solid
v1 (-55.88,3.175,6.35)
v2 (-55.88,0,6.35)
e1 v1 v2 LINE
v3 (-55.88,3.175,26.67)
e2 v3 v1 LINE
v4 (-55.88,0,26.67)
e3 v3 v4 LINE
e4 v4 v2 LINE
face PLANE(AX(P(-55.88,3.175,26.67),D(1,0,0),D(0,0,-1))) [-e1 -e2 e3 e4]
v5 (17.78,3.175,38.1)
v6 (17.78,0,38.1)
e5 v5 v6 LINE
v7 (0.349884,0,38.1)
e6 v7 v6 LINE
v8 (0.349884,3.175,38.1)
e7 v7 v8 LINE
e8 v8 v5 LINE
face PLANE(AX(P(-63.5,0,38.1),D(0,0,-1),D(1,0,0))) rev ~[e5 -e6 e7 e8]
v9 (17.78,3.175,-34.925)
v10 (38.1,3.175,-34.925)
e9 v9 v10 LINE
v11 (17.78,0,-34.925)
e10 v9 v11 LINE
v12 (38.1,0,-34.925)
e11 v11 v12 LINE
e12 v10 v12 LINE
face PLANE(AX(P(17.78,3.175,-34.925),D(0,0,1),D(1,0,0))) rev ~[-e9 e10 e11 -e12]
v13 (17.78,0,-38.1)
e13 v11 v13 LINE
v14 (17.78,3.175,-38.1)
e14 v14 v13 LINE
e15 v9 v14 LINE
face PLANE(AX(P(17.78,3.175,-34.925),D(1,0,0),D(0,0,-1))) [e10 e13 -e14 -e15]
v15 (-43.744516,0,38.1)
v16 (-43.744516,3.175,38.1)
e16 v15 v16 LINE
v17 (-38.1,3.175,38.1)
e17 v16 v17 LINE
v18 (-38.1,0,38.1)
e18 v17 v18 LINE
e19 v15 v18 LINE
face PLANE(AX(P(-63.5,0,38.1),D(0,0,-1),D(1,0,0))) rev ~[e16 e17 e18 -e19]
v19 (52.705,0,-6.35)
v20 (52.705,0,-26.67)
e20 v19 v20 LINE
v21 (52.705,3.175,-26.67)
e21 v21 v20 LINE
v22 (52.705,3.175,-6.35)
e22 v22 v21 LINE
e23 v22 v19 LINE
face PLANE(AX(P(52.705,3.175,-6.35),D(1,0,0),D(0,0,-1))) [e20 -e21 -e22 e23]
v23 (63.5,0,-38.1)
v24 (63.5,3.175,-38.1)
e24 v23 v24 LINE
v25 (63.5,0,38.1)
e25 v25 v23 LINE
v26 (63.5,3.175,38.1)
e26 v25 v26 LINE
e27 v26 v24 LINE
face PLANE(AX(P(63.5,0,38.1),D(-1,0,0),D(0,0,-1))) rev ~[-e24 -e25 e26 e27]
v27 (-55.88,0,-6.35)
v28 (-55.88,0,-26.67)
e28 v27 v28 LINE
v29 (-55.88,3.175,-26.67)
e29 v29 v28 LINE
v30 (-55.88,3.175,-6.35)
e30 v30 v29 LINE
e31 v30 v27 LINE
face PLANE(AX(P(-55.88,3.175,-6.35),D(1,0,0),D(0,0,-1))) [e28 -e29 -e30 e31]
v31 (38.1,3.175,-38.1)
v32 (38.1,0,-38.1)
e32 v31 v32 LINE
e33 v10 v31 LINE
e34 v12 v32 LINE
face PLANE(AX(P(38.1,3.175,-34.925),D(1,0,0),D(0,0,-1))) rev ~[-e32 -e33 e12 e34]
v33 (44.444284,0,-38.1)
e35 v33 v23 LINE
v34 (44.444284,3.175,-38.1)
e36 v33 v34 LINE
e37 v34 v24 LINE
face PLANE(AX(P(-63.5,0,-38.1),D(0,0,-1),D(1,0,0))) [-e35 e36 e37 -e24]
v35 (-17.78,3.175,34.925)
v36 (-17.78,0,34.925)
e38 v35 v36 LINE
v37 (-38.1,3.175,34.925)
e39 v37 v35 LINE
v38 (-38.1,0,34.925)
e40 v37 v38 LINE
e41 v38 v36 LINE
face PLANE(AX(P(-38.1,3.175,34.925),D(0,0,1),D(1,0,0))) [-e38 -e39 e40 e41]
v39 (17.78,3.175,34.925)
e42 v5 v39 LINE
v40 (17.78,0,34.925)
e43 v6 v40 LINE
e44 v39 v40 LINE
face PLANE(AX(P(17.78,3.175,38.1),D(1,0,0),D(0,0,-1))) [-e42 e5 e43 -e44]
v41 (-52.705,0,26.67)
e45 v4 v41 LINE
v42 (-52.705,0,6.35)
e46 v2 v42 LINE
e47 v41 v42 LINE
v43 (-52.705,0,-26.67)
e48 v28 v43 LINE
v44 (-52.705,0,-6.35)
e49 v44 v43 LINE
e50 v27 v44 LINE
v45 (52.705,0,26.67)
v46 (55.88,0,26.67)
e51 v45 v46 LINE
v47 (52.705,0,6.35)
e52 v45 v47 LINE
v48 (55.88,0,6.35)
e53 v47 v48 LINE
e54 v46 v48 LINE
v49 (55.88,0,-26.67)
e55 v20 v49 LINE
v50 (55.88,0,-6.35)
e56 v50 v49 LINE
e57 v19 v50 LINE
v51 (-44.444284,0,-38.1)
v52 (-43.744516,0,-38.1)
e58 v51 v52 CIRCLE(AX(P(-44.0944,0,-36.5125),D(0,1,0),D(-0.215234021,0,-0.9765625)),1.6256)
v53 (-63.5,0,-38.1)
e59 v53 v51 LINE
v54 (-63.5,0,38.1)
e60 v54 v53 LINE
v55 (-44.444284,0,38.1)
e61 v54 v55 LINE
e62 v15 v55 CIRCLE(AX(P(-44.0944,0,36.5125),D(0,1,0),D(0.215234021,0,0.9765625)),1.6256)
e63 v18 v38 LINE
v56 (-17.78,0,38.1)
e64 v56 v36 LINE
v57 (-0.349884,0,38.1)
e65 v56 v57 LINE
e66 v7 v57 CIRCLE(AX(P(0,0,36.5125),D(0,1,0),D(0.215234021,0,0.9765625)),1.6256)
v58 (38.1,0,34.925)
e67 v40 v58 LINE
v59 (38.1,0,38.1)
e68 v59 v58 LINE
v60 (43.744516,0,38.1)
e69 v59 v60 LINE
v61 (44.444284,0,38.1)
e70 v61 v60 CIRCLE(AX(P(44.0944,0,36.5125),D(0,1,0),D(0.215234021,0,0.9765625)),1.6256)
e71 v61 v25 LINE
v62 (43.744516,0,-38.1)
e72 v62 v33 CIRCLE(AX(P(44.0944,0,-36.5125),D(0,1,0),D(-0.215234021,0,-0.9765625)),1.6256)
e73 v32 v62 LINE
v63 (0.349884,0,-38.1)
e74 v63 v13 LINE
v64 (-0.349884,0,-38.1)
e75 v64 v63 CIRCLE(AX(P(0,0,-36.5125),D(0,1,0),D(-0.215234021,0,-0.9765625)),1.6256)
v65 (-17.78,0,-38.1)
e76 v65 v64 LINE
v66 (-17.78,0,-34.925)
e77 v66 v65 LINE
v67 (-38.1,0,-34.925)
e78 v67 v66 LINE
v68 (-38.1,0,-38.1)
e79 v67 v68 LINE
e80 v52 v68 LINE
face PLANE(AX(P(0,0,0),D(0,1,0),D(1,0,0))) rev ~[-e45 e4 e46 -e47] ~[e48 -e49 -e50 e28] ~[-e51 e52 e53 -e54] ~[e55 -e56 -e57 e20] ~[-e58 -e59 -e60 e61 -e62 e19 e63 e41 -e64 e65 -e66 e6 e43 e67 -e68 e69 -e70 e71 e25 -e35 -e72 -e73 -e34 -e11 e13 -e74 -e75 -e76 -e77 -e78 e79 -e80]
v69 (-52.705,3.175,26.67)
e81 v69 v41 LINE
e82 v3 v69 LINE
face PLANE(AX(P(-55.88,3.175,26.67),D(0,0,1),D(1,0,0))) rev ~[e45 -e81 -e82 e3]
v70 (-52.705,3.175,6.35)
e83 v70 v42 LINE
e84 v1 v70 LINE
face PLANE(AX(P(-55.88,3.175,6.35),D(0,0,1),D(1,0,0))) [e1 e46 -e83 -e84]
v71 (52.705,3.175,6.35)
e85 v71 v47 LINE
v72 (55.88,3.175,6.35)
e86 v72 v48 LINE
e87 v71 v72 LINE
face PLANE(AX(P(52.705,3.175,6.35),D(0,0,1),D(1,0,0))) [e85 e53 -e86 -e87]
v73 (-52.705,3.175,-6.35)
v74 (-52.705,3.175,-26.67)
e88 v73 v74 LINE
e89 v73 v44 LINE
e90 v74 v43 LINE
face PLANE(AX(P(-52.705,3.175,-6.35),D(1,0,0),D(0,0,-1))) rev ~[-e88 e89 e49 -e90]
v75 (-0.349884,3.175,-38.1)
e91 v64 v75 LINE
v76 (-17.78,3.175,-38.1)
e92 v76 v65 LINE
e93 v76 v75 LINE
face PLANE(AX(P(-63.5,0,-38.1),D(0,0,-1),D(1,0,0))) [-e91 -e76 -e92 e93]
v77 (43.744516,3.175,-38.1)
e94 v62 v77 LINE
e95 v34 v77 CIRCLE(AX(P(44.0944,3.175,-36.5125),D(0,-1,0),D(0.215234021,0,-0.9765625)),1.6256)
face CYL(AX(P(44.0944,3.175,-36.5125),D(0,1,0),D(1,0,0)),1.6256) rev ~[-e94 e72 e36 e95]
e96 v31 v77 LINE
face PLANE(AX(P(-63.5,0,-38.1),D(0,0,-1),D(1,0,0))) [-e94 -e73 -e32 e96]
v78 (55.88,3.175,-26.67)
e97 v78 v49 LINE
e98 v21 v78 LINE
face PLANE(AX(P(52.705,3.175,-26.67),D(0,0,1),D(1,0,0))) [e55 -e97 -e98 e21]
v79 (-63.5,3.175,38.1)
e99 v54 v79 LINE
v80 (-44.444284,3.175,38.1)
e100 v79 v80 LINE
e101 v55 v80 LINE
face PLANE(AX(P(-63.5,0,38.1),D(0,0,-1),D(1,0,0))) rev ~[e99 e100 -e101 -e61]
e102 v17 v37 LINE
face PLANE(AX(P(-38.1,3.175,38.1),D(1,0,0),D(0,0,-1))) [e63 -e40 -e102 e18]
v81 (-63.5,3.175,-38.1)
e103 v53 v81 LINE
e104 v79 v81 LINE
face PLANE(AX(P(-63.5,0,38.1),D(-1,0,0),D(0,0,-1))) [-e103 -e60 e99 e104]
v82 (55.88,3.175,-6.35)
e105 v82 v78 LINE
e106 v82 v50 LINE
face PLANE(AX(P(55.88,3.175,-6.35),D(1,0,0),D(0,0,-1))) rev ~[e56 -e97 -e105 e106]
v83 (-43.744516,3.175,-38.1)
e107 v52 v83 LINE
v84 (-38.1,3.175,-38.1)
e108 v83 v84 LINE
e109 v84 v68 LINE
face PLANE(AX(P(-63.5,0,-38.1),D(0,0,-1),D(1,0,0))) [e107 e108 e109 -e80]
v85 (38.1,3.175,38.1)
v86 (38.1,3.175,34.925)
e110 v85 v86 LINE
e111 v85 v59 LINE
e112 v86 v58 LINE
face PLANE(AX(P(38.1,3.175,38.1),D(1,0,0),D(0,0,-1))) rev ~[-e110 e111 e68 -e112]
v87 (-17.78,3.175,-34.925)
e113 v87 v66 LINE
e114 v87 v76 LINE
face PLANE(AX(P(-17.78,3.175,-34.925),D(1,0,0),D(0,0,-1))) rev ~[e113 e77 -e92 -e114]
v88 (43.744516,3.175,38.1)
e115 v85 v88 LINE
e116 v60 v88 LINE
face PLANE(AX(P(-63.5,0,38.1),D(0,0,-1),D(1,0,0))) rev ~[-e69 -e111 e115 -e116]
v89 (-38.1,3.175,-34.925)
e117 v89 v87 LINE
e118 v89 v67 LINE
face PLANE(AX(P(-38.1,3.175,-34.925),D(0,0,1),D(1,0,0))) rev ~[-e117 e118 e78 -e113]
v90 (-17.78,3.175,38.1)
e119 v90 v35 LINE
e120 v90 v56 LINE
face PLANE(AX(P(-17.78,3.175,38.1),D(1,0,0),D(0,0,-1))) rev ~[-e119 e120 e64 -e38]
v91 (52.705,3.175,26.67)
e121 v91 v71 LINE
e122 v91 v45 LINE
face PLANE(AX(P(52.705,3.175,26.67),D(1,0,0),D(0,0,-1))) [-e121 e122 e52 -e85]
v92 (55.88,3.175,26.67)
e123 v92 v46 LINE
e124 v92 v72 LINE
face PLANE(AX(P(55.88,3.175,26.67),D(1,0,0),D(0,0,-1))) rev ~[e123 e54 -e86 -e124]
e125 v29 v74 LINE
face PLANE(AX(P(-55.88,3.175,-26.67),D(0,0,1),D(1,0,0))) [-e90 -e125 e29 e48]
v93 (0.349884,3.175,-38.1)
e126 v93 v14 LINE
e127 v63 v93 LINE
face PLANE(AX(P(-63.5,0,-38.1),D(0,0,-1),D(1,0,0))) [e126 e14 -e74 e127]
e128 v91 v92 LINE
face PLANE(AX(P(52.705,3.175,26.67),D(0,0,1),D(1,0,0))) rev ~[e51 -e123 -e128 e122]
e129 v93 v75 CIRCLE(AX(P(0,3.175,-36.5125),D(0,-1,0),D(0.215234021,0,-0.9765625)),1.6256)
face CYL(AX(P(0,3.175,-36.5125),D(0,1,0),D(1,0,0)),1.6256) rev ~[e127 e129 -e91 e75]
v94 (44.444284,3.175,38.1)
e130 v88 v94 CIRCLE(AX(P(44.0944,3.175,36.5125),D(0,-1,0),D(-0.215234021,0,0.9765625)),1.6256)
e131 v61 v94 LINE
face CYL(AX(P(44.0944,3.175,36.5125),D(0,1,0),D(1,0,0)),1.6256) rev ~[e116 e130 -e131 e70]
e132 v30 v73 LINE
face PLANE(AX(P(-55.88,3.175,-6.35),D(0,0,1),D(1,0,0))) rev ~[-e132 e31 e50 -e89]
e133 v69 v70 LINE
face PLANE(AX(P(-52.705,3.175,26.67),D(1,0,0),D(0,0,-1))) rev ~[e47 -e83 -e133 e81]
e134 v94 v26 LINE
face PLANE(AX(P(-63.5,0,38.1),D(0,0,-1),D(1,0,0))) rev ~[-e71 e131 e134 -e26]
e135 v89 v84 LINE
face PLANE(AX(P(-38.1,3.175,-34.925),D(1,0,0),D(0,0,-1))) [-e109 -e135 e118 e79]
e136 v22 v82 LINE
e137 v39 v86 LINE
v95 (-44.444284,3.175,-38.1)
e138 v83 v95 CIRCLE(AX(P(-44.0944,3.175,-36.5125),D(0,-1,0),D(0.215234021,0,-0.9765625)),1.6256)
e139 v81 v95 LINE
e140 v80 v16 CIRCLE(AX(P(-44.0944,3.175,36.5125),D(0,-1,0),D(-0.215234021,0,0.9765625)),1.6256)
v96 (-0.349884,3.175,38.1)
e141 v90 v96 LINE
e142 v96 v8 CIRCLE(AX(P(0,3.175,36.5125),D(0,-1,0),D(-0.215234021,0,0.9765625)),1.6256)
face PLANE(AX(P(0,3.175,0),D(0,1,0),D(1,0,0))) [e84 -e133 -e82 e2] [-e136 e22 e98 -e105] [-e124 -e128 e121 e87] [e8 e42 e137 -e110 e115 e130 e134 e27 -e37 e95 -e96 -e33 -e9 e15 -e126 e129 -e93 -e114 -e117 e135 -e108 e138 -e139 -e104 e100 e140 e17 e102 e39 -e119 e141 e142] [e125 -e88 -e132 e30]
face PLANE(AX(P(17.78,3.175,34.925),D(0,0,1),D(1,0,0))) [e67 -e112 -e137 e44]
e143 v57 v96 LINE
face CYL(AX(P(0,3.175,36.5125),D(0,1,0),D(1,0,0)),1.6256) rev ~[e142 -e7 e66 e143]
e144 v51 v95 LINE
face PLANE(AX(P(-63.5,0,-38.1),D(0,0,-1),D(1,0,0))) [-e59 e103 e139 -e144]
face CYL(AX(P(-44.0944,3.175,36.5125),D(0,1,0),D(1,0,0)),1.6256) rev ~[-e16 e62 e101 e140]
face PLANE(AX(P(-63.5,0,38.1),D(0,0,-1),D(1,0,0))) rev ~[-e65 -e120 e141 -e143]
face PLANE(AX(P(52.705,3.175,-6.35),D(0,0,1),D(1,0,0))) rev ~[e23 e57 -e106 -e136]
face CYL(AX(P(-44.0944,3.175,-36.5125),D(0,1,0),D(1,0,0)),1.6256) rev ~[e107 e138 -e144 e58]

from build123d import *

# Parameters (mm, degrees)
SKETCH1_W           = 127
SKETCH1_H           = 76.2
BOSS_EXTRUDE1_DEPTH = 3.175
SKETCH2_W           = 3.175
SKETCH2_H           = 20.32
CUT_EXTRUDE1_DEPTH  = 3.175
SKETCH3_W           = 20.32
SKETCH3_H           = 3.175
CUT_EXTRUDE2_DEPTH  = 3.175
SKETCH4_R           = 1.6256
CUT_EXTRUDE3_DEPTH  = 3.175


with BuildPart() as part:
    # Sketch1 → Boss-Extrude1 (new body)
    with BuildSketch(Plane(origin=(0, 0, 0), x_dir=(1, 0, 0), z_dir=(0, 1, 0))):
        Rectangle(SKETCH1_W, SKETCH1_H)
    extrude(amount=BOSS_EXTRUDE1_DEPTH)

    # Sketch2 → Cut-Extrude1 (cut)
    with BuildSketch(Plane(origin=(0, 3.175, 0), x_dir=(1, 0, 0), z_dir=(0, 1, 0))):
        with Locations((-54.2925, 16.51)):
            Rectangle(SKETCH2_W, SKETCH2_H)
        with Locations((-54.2925, -16.51)):
            Rectangle(SKETCH2_W, SKETCH2_H)
        with Locations((54.2925, -16.51)):
            Rectangle(SKETCH2_W, SKETCH2_H)
        with Locations((54.2925, 16.51)):
            Rectangle(SKETCH2_W, SKETCH2_H)
    extrude(amount=-CUT_EXTRUDE1_DEPTH, mode=Mode.SUBTRACT)

    # Sketch3 → Cut-Extrude2 (cut)
    with BuildSketch(Plane(origin=(0, 3.175, 0), x_dir=(1, 0, 0), z_dir=(0, 1, 0))):
        with Locations((-27.94, 36.5125)):
            Rectangle(SKETCH3_W, SKETCH3_H)
        with Locations((27.94, 36.5125)):
            Rectangle(SKETCH3_W, SKETCH3_H)
        with Locations((27.94, -36.5125)):
            Rectangle(SKETCH3_W, SKETCH3_H)
        with Locations((-27.94, -36.5125)):
            Rectangle(SKETCH3_W, SKETCH3_H)
    extrude(amount=-CUT_EXTRUDE2_DEPTH, mode=Mode.SUBTRACT)

    # Sketch4 → Cut-Extrude3 (cut)
    with BuildSketch(Plane(origin=(0, 3.175, 0), x_dir=(1, 0, 0), z_dir=(0, 1, 0))):
        with Locations((-44.0944, 36.5125)):
            Circle(SKETCH4_R)
        with Locations((0, 36.5125)):
            Circle(SKETCH4_R)
        with Locations((44.0944, 36.5125)):
            Circle(SKETCH4_R)
        with Locations((44.0944, -36.5125)):
            Circle(SKETCH4_R)
        with Locations((0, -36.5125)):
            Circle(SKETCH4_R)
        with Locations((-44.0944, -36.5125)):
            Circle(SKETCH4_R)
    extrude(amount=-CUT_EXTRUDE3_DEPTH, mode=Mode.SUBTRACT)


solid = part.part
